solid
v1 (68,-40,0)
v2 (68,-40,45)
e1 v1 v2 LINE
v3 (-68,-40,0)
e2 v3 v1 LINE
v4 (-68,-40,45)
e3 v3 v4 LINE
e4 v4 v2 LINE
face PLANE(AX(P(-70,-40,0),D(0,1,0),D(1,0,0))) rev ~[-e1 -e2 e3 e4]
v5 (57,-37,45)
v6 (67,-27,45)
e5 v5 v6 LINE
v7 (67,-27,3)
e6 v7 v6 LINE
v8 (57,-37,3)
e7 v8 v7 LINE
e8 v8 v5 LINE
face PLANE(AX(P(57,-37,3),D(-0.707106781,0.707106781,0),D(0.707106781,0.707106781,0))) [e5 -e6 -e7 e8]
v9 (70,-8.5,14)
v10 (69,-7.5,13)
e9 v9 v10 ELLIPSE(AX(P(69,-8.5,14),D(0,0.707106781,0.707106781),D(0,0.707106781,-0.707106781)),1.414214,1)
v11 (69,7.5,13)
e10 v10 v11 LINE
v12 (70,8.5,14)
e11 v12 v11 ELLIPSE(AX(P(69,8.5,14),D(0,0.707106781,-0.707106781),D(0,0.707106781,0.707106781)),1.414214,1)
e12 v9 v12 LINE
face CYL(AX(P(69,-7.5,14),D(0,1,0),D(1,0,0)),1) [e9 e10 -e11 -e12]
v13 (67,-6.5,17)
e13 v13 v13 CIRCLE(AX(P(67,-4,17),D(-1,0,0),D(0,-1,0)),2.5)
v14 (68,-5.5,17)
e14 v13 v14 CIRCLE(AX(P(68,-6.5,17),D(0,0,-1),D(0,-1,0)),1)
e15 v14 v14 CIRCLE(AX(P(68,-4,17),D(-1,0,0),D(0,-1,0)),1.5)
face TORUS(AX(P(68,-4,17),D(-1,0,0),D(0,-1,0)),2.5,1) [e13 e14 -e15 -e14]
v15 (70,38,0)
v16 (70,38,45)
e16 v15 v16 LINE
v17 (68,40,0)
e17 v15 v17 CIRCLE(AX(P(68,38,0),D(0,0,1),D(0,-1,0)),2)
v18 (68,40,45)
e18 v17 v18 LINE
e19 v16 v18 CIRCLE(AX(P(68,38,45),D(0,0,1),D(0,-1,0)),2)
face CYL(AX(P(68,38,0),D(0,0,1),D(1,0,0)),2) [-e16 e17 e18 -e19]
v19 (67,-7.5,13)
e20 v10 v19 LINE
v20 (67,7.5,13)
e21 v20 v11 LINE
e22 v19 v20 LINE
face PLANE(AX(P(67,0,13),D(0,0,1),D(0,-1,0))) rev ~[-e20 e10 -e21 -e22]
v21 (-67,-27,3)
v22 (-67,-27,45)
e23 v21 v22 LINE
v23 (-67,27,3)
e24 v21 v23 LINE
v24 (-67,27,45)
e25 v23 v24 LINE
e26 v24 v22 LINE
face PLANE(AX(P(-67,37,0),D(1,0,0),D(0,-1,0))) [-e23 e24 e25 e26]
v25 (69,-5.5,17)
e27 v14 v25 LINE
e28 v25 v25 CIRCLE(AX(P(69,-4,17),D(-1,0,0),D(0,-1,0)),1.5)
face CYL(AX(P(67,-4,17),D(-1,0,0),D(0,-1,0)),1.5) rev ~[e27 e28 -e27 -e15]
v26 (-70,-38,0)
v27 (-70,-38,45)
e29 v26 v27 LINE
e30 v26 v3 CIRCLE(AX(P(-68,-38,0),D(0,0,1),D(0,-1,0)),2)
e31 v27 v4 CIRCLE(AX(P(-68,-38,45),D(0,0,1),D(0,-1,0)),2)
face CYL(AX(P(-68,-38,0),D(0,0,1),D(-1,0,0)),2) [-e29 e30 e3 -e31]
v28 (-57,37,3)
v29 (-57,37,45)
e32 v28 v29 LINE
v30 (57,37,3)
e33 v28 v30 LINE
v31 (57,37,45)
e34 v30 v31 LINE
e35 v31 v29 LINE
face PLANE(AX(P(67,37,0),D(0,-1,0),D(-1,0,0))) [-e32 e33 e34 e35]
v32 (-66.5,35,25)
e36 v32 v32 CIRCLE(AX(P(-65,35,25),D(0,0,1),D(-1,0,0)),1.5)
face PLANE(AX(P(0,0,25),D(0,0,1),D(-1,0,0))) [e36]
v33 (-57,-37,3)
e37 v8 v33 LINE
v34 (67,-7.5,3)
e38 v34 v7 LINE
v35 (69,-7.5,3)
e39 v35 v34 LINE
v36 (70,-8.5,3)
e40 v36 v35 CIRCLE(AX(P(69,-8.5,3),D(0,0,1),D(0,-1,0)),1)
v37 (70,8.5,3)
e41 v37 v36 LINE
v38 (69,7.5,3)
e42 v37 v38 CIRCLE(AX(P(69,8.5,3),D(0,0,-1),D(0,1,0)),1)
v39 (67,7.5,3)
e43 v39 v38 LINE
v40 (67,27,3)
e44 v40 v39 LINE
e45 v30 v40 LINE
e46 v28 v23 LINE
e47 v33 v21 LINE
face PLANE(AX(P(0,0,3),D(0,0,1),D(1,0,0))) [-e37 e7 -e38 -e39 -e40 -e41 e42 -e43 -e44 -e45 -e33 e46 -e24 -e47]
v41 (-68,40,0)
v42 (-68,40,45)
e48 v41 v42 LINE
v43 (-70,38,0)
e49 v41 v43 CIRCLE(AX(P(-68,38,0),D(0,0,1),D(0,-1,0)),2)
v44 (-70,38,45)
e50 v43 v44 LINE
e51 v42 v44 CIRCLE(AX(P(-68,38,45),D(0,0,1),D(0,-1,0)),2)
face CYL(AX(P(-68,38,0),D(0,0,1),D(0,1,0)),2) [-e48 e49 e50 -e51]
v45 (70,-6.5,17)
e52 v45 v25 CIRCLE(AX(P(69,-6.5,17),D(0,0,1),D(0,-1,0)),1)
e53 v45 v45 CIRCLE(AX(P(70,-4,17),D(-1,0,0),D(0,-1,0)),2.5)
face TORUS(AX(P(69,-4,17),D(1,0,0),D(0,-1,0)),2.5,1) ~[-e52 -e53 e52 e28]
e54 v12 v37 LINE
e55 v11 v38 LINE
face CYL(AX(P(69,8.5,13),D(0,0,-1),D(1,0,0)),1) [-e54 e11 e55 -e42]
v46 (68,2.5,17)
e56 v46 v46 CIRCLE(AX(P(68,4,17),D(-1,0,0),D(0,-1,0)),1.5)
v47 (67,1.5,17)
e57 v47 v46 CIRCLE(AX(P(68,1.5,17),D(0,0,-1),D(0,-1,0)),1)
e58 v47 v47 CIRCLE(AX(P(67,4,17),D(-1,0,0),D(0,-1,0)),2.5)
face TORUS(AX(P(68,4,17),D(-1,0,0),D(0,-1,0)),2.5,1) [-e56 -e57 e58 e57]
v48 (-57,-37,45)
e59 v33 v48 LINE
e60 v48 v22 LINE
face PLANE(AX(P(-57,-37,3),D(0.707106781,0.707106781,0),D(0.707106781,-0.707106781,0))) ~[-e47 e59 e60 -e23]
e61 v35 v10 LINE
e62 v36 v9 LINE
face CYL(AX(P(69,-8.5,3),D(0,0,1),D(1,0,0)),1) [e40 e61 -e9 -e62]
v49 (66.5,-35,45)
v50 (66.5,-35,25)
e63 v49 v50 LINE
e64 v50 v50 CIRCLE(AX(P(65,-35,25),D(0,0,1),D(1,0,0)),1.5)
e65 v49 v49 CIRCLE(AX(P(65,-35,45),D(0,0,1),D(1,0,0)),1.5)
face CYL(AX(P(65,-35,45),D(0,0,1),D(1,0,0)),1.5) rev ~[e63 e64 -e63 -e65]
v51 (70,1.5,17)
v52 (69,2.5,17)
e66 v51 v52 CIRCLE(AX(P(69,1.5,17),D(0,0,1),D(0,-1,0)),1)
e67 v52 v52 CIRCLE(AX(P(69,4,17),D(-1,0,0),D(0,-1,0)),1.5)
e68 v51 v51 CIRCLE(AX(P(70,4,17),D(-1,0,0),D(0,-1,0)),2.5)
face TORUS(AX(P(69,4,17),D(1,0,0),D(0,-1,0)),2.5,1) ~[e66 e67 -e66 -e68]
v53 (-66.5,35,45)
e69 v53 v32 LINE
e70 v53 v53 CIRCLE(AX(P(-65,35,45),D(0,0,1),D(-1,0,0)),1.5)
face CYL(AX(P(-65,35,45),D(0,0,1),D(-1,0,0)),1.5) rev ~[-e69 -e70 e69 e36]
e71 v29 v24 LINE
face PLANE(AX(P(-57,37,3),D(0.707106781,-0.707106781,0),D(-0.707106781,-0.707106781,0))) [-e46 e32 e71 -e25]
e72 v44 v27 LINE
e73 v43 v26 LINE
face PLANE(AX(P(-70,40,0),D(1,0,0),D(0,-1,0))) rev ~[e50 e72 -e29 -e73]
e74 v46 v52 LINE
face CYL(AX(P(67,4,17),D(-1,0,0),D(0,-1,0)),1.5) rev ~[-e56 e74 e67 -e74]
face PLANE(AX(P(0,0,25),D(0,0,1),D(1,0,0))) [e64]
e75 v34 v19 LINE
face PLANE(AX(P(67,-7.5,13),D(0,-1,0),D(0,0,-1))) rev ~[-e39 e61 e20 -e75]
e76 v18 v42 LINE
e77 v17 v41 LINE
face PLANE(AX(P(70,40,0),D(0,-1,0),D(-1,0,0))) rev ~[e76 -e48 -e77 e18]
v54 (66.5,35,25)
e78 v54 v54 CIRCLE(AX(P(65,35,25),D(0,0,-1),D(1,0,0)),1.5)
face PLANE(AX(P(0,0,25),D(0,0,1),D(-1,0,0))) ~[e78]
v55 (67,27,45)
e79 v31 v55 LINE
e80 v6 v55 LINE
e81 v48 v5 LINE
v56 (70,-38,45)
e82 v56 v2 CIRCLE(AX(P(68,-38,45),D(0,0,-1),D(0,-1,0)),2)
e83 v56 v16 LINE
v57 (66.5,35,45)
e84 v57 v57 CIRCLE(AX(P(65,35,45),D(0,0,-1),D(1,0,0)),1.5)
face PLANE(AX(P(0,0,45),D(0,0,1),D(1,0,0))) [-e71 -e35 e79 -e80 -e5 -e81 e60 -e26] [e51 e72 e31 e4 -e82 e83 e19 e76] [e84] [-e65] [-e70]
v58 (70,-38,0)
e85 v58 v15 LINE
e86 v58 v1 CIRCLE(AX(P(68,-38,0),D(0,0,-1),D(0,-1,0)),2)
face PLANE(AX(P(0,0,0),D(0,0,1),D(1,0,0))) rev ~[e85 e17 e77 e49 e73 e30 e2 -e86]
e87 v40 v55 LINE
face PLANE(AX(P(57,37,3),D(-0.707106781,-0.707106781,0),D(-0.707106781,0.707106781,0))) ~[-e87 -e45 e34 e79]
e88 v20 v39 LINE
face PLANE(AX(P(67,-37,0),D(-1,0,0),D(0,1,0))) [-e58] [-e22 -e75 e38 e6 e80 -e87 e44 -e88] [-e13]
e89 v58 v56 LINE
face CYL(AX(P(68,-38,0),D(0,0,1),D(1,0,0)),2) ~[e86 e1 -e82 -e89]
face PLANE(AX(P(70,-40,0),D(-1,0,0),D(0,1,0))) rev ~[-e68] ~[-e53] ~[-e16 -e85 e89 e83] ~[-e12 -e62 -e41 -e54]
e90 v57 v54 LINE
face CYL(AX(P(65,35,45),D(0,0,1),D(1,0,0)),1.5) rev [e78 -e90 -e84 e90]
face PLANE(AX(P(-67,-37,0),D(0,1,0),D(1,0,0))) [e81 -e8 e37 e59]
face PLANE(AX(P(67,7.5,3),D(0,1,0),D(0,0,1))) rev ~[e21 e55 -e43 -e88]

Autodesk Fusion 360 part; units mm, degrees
sketch "Sketch1" plane through (0, 0, 0) normal (0, 0, 1) x (1, 0, 0)
  line L0 (67, 37) -> (-67, 37)
  line L1 (-67, 37) -> (-67, -37)
  line L2 (-67, -37) -> (67, -37)
  line L3 (67, -37) -> (67, 37)
  line L4 (67, 37) -> (-67, -37) construction
  line L5 (-67, 37) -> (67, -37) construction
  line L6 (70, 40) -> (-70, 40)
  line L7 (-70, 40) -> (-70, -40)
  line L8 (-70, -40) -> (70, -40)
  line L9 (70, -40) -> (70, 40)
  line L10 (70, 40) -> (-70, -40) construction
  line L11 (-70, 40) -> (70, -40) construction
  dimension "d1" = 3
  dimension "d2" = 3
  dimension "d3" = 140
  dimension "d4" = 80
extrude "Extrude1" add sketch "Sketch1" along normal blind 45
sketch "Sketch2" plane through (0, 0, 0) normal (0, 0, 1) x (1, 0, 0)
  line L0 (-67, 37) -> (67, 37)
  line L1 (67, 37) -> (67, -37)
  line L2 (67, -37) -> (-67, -37)
  line L3 (-67, -37) -> (-67, 37)
  point P0 (-67, 37)
  point P1 (67, -37)
extrude "Extrude2" add sketch "Sketch2" along normal blind 3
sketch "Sketch3" plane through (0, 0, 3) normal (0, 0, 1) x (-1, 0, 0)
  line L0 (67, 37) -> (-67, 37)
  line L1 (-67, 37) -> (-67, -37)
  line L2 (-67, -37) -> (67, -37)
  line L3 (67, -37) -> (67, 37)
  line L4 (57, -37) -> (67, -27)
  line L5 (67, -27) -> (67, -37)
  line L6 (57, -37) -> (67, -37)
  dimension "d11" = 10
  dimension "d12" = 10
extrude "Extrude3" add sketch "Sketch3" along normal up to surface (42 mm away) contours L2 L3 L4 L5 L6
sketch "Sketch5" plane through (0, 0, 45) normal (0, 0, 1) x (-1, 0, 0)
  line L0 (-67, -37) -> (-67, 37)
  line L1 (-67, 37) -> (67, 37)
  line L2 (67, 37) -> (67, -27)
  line L3 (67, -27) -> (57, -37)
  line L4 (57, -37) -> (-67, -37)
  line L5 (-70, 40) -> (-70, -40)
  line L6 (-70, -40) -> (70, -40)
  line L7 (70, -40) -> (70, 40)
  line L8 (70, 40) -> (-70, 40)
  circle A0 centre (65, -35) radius 1.5
  line L9 (0, -1.75) -> (0, -22.5)
  line L10 (-1.75, 0) -> (-22.5, 0)
  dimension "d18" = 3
  dimension "d19" = 65
  dimension "d20" = 35
extrude "Extrude5" cut sketch "Sketch5" against normal blind 20 contours A0
mirror "Mirror1" about plane through (0, 0, 0) normal (1, 0, 0) of "Extrude3", "Extrude5"
mirror "Mirror2" about plane through (0, 0, 0) normal (0, 1, 0) of "Mirror1", "Extrude5", "Extrude3"
sketch "Sketch6" plane through (67, 0, 0) normal (-1, 0, 0) x (0, -1, 0)
  line L0 (27, 3) -> (27, 45)
  line L1 (27, 45) -> (-27, 45)
  line L2 (-27, 45) -> (-27, 3)
  line L3 (-27, 3) -> (27, 3)
  line L4 (7.5, 3) -> (-7.5, 3)
  line L5 (-7.5, 3) -> (-7.5, 13)
  line L6 (-7.5, 13) -> (7.5, 13)
  line L7 (7.5, 13) -> (7.5, 3)
  line L8 (7.5, 3) -> (-7.5, 13) construction
  line L9 (-7.5, 3) -> (7.5, 13) construction
  line L10 (-27, 15.2846) -> (0, 15.2846) construction
  line L11 (0, 15.2846) -> (27, 15.2846) construction
  circle A0 centre (-4, 17) radius 1.5
  line L12 (0, 2.5) -> (0, 20)
  circle A1 centre (4, 17) radius 1.5
  point P0 (0, 8)
  dimension "d27" = 10
  dimension "d28" = 15
  dimension "d29" = 3
  dimension "d30" = 4
  dimension "d31" = 4
extrude "Extrude6" cut sketch "Sketch6" along normal mid plane 20 contours L3 L4 L6 L7 L12 | L3 L4 L5 L6 L12 | A0 | A1
fillet "Fillet1" radius 2 4 edges at (70, -40, 22.5) (70, 40, 22.5) (-70, 40, 22.5) (-70, -40, 22.5)
fillet "Fillet2" radius 1 5 edges at (70, 0, 13) (70, -7.5, 8) (70, 7.5, 8) (70, 5.3985, 16.4576) (67, 5.3985, 17.5424) 1 faces at (68, -5.4925, 16.8506)
